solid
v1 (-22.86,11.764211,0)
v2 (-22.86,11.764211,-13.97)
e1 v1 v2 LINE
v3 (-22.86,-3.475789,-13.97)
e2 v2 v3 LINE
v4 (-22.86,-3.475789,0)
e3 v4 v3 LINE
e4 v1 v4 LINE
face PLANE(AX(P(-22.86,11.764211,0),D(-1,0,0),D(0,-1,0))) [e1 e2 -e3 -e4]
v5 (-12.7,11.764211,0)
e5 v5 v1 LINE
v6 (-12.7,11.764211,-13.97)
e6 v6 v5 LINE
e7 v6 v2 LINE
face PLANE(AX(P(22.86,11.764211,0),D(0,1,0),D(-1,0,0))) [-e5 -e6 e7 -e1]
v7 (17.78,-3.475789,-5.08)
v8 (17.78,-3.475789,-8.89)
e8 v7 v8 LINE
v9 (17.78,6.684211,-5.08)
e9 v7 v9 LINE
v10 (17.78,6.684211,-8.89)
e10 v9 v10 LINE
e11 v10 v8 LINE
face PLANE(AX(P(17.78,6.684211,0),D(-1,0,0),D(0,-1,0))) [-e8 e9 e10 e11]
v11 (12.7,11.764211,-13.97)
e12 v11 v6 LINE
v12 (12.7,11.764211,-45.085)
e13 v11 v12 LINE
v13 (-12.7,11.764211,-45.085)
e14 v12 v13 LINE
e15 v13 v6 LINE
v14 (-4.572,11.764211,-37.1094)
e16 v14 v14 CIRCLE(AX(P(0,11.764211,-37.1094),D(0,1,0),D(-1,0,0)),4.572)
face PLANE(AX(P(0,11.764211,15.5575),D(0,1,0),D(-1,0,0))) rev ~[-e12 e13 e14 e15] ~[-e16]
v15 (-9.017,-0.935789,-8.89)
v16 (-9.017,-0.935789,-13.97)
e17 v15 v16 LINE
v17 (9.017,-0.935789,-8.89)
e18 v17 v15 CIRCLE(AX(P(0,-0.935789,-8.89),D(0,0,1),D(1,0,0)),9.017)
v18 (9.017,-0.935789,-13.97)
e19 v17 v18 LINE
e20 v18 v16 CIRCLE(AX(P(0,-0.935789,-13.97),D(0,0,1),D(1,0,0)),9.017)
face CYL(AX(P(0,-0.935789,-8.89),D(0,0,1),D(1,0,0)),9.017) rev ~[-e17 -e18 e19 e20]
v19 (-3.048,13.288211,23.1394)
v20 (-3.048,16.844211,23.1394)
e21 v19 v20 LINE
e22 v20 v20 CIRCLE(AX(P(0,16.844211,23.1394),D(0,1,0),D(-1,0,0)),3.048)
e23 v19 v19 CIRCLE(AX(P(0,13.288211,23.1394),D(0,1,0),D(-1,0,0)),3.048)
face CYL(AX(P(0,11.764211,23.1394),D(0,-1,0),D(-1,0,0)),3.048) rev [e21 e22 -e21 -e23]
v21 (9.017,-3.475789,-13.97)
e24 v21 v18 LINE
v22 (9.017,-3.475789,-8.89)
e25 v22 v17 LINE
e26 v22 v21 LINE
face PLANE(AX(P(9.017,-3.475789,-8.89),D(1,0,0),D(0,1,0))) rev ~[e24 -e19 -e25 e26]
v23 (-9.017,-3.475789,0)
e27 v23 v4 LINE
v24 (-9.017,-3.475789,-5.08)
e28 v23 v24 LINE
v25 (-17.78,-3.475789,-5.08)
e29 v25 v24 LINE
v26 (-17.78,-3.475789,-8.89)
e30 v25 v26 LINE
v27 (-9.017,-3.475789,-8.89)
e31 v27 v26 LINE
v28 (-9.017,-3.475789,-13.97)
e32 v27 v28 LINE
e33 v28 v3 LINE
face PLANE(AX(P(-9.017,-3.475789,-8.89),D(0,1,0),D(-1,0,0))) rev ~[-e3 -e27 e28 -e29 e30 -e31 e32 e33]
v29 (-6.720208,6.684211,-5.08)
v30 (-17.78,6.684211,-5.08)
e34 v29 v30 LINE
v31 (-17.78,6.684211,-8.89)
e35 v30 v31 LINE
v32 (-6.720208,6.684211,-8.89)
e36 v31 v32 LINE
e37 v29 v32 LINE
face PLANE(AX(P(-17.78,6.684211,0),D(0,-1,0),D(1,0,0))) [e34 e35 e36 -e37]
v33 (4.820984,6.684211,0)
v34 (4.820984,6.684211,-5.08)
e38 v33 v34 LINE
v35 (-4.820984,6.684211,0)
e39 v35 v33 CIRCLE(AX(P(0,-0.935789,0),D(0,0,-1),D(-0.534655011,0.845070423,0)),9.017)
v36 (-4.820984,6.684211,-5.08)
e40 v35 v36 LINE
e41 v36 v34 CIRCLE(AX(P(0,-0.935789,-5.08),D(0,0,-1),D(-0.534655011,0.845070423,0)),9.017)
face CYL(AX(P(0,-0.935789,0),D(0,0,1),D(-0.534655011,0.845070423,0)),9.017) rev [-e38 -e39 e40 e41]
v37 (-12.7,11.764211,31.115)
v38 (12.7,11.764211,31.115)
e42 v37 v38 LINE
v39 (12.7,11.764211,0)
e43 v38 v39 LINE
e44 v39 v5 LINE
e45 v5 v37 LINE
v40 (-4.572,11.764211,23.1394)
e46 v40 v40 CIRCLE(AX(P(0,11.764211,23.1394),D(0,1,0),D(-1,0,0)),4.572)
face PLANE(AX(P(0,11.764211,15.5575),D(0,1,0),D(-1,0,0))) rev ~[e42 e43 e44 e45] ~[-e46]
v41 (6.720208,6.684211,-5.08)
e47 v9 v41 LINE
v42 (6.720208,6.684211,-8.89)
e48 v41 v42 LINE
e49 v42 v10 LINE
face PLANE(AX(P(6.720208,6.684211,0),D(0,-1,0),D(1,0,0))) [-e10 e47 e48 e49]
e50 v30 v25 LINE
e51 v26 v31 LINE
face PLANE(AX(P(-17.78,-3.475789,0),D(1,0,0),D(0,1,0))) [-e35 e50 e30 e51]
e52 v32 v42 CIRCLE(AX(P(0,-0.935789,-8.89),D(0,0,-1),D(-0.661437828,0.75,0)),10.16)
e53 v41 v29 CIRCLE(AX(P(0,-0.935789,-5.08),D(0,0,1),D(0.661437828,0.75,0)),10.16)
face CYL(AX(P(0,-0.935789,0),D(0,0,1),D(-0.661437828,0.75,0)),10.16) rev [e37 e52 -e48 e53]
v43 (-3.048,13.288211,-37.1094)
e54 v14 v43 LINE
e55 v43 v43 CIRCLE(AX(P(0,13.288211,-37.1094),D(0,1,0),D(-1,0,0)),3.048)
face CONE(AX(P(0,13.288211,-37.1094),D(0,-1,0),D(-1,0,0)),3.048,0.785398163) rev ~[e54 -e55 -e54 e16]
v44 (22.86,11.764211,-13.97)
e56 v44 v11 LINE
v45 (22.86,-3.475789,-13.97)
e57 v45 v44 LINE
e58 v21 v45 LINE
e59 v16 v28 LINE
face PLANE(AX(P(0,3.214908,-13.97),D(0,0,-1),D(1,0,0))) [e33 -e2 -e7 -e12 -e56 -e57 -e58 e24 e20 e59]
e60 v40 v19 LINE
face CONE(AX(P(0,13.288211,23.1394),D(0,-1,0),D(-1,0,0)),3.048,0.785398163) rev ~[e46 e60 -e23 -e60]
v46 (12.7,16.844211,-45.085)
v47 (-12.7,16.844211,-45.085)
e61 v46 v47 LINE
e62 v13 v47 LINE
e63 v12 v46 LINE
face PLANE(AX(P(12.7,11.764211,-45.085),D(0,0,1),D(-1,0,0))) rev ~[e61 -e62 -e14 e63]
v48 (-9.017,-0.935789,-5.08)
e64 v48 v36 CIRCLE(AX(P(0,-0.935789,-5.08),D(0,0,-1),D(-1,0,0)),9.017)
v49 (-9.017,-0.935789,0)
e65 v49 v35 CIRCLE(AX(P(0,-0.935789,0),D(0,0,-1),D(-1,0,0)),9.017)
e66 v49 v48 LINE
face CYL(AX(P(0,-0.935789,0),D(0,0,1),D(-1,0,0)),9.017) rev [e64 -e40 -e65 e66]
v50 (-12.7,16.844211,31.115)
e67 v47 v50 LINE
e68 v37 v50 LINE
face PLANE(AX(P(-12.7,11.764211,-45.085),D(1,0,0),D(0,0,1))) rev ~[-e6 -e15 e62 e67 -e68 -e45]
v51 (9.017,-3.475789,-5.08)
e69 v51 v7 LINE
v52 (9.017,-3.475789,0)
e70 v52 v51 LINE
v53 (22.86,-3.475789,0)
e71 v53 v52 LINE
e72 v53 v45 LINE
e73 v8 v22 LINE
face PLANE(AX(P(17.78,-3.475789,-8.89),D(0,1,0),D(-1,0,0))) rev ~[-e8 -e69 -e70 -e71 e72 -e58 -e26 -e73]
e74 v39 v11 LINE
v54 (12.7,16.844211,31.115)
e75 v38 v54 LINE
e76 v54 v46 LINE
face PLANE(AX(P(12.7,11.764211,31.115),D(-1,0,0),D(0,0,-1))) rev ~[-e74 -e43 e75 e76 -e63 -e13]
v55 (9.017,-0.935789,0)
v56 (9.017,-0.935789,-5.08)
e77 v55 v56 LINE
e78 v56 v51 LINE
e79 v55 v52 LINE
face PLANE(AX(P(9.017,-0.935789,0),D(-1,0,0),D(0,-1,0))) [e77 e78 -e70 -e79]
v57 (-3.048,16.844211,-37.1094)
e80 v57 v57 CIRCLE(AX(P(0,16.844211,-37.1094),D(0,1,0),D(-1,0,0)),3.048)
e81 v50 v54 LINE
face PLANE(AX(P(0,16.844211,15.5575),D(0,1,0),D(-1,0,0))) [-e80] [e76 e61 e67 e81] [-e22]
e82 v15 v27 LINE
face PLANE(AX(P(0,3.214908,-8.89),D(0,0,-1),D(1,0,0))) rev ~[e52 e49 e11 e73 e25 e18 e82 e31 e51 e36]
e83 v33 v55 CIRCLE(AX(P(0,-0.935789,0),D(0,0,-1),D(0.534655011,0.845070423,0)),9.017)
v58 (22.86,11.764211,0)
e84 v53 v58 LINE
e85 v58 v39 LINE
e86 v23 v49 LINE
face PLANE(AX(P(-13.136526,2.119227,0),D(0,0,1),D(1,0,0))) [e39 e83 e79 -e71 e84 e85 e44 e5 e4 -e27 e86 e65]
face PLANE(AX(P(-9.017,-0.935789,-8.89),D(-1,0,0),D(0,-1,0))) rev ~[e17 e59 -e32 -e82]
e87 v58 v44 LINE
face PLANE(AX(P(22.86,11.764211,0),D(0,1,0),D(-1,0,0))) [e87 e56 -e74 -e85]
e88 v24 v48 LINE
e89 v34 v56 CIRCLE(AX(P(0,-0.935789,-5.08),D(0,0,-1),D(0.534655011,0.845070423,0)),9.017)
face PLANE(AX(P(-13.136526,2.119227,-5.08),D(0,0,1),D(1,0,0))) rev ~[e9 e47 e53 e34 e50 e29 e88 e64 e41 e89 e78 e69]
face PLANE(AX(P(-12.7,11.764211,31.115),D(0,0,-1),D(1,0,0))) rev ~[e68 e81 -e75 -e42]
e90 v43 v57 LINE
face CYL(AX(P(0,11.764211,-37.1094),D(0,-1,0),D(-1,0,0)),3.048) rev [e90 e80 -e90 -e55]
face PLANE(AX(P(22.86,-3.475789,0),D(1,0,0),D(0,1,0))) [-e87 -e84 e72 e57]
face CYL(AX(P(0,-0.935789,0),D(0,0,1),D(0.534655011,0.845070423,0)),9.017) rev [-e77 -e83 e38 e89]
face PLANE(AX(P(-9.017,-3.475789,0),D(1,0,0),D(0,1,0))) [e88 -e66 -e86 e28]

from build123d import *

# Parameters (mm, degrees)
F1_DEPTH = 5.08
F2_DEPTH = 13.97
F3_START = 3.81
F3_DEPTH = 5.08
F4_R     = 3.048
F4_W     = 12.7
F4_H     = 6.985
F5_DEPTH = 5.08
F6_SIZE  = 1.524


with BuildPart() as f1:
    # F0 (on Top) → F1 (new body)
    with BuildSketch(Plane.XY):
        with BuildLine():
            ThreePointArc((-10.16, -0.9357894737), (-9.2602083301, 3.2444188564), (-6.7202083301, 6.6842105263))
            Line((-6.7202083301, 6.6842105263), (-17.78, 6.6842105263))
            Line((-17.78, 6.6842105263), (-17.78, -3.4757894737))
            Line((-17.78, -3.4757894737), (-10.16, -3.4757894737))
            Line((-10.16, -3.4757894737), (-10.16, -0.9357894737))
        make_face()
        with BuildLine():
            Line((17.78, 6.6842105263), (6.7202083301, 6.6842105263))
            ThreePointArc((6.7202083301, 6.6842105263), (9.2602083301, 3.2444188564), (10.16, -0.9357894737))
            Line((10.16, -0.9357894737), (10.16, -3.4757894737))
            Line((10.16, -3.4757894737), (17.78, -3.4757894737))
            Line((17.78, -3.4757894737), (17.78, 6.6842105263))
        make_face()
        with BuildLine():
            Line((-9.017, -3.4757894737), (-9.017, -0.9357894737))
            ThreePointArc((-9.017, -0.9357894737), (-7.8986424103, 3.4136630291), (-4.8209842356, 6.6842105263))
            Line((-4.8209842356, 6.6842105263), (-6.7202083301, 6.6842105263))
            ThreePointArc((-6.7202083301, 6.6842105263), (-9.2602083301, 3.2444188564), (-10.16, -0.9357894737))
            ThreePointArc((-10.16, -0.9357894737), (-10.0790217141, -2.2159930853), (-9.8373776994, -3.4757894737))
            Line((-9.8373776994, -3.4757894737), (-9.017, -3.4757894737))
        make_face()
        with BuildLine():
            ThreePointArc((4.8209842356, 6.6842105263), (7.8986424103, 3.4136630291), (9.017, -0.9357894737))
            Line((9.017, -0.9357894737), (9.017, -3.4757894737))
            Line((9.017, -3.4757894737), (9.8373776994, -3.4757894737))
            ThreePointArc((9.8373776994, -3.4757894737), (10.0790217141, -2.2159930853), (10.16, -0.9357894737))
            ThreePointArc((10.16, -0.9357894737), (9.2602083301, 3.2444188564), (6.7202083301, 6.6842105263))
            Line((6.7202083301, 6.6842105263), (4.8209842356, 6.6842105263))
        make_face()
        with BuildLine():
            ThreePointArc((-4.8209842356, 6.6842105263), (0, 8.0812105263), (4.8209842356, 6.6842105263))
            Line((4.8209842356, 6.6842105263), (6.7202083301, 6.6842105263))
            ThreePointArc((6.7202083301, 6.6842105263), (0, 9.2242105263), (-6.7202083301, 6.6842105263))
            Line((-6.7202083301, 6.6842105263), (-4.8209842356, 6.6842105263))
        make_face()
        with BuildLine():
            Line((-10.16, -3.4757894737), (-9.8373776994, -3.4757894737))
            ThreePointArc((-9.8373776994, -3.4757894737), (-10.0790217141, -2.2159930853), (-10.16, -0.9357894737))
            Line((-10.16, -0.9357894737), (-10.16, -3.4757894737))
        make_face()
        with BuildLine():
            ThreePointArc((10.16, -0.9357894737), (10.0790217141, -2.2159930853), (9.8373776994, -3.4757894737))
            Line((9.8373776994, -3.4757894737), (10.16, -3.4757894737))
            Line((10.16, -3.4757894737), (10.16, -0.9357894737))
        make_face()
    extrude(amount=-F1_DEPTH)

    # F0 (on Top) → F2 (join)
    with BuildSketch(Plane.XY):
        with BuildLine():
            ThreePointArc((-6.7202083301, 6.6842105263), (0, 9.2242105263), (6.7202083301, 6.6842105263))
            Line((6.7202083301, 6.6842105263), (17.78, 6.6842105263))
            Line((17.78, 6.6842105263), (17.78, -3.4757894737))
            Line((17.78, -3.4757894737), (22.86, -3.4757894737))
            Line((22.86, -3.4757894737), (22.86, 11.7642105263))
            Line((22.86, 11.7642105263), (-22.86, 11.7642105263))
            Line((-22.86, 11.7642105263), (-22.86, -3.4757894737))
            Line((-22.86, -3.4757894737), (-17.78, -3.4757894737))
            Line((-17.78, -3.4757894737), (-17.78, 6.6842105263))
            Line((-17.78, 6.6842105263), (-6.7202083301, 6.6842105263))
        make_face()
    extrude(amount=-F2_DEPTH)

    # F1_face (on face) → F3 (join)
    with BuildSketch(Plane(origin=(0, 2.3290563147, -5.08), x_dir=(1, 0, 0), z_dir=(0, 0, -1)).offset(F3_START)):
        with BuildLine():
            Line((-17.78, 5.8048457884), (-17.78, -4.3551542116))
            Line((-17.78, -4.3551542116), (-6.7202083301, -4.3551542116))
            ThreePointArc((-6.7202083301, -4.3551542116), (0, -6.8951542116), (6.7202083301, -4.3551542116))
            Line((6.7202083301, -4.3551542116), (17.78, -4.3551542116))
            Line((17.78, -4.3551542116), (17.78, 5.8048457884))
            Line((17.78, 5.8048457884), (9.017, 5.8048457884))
            Line((9.017, 5.8048457884), (9.017, 3.2648457884))
            ThreePointArc((9.017, 3.2648457884), (0, -5.7521542116), (-9.017, 3.2648457884))
            Line((-9.017, 3.2648457884), (-9.017, 5.8048457884))
            Line((-9.017, 5.8048457884), (-17.78, 5.8048457884))
        make_face()
    extrude(amount=F3_DEPTH)

    # F4 (on face) → F5 (join)
    with BuildSketch(Plane(origin=(0, 11.7642105263, 0), x_dir=(-1, 0, 0), z_dir=(0, 1, 0))):
        Polygon((12.7, 0), (12.7, 31.115), (-12.7, 31.115), (-12.7, 0), (0, 0), align=None)
        with Locations((0, 23.1394)):
            Circle(F4_R, mode=Mode.SUBTRACT)
        Polygon((12.7, -45.085), (12.7, -13.97), (0, -13.97), (-12.7, -13.97), (-12.7, -45.085), align=None)
        with Locations((0, -37.1094)):
            Circle(F4_R, mode=Mode.SUBTRACT)
        with Locations((6.35, -10.4775)):
            Rectangle(F4_W, F4_H)
        Polygon((0, -6.985), (0, 0), (-12.7, 0), (-12.7, -13.97), (0, -13.97), align=None)
        with Locations((6.35, -3.4925)):
            Rectangle(F4_W, F4_H)
    extrude(amount=F5_DEPTH)

    # F6
    f6_edges = [f1.edges().sort_by_distance(p)[0] for p in [
        (3.048, 11.764211, 23.1394),
        (3.048, 11.764211, -37.1094),
    ]]
    chamfer(f6_edges, length=F6_SIZE)


solid = f1.part
